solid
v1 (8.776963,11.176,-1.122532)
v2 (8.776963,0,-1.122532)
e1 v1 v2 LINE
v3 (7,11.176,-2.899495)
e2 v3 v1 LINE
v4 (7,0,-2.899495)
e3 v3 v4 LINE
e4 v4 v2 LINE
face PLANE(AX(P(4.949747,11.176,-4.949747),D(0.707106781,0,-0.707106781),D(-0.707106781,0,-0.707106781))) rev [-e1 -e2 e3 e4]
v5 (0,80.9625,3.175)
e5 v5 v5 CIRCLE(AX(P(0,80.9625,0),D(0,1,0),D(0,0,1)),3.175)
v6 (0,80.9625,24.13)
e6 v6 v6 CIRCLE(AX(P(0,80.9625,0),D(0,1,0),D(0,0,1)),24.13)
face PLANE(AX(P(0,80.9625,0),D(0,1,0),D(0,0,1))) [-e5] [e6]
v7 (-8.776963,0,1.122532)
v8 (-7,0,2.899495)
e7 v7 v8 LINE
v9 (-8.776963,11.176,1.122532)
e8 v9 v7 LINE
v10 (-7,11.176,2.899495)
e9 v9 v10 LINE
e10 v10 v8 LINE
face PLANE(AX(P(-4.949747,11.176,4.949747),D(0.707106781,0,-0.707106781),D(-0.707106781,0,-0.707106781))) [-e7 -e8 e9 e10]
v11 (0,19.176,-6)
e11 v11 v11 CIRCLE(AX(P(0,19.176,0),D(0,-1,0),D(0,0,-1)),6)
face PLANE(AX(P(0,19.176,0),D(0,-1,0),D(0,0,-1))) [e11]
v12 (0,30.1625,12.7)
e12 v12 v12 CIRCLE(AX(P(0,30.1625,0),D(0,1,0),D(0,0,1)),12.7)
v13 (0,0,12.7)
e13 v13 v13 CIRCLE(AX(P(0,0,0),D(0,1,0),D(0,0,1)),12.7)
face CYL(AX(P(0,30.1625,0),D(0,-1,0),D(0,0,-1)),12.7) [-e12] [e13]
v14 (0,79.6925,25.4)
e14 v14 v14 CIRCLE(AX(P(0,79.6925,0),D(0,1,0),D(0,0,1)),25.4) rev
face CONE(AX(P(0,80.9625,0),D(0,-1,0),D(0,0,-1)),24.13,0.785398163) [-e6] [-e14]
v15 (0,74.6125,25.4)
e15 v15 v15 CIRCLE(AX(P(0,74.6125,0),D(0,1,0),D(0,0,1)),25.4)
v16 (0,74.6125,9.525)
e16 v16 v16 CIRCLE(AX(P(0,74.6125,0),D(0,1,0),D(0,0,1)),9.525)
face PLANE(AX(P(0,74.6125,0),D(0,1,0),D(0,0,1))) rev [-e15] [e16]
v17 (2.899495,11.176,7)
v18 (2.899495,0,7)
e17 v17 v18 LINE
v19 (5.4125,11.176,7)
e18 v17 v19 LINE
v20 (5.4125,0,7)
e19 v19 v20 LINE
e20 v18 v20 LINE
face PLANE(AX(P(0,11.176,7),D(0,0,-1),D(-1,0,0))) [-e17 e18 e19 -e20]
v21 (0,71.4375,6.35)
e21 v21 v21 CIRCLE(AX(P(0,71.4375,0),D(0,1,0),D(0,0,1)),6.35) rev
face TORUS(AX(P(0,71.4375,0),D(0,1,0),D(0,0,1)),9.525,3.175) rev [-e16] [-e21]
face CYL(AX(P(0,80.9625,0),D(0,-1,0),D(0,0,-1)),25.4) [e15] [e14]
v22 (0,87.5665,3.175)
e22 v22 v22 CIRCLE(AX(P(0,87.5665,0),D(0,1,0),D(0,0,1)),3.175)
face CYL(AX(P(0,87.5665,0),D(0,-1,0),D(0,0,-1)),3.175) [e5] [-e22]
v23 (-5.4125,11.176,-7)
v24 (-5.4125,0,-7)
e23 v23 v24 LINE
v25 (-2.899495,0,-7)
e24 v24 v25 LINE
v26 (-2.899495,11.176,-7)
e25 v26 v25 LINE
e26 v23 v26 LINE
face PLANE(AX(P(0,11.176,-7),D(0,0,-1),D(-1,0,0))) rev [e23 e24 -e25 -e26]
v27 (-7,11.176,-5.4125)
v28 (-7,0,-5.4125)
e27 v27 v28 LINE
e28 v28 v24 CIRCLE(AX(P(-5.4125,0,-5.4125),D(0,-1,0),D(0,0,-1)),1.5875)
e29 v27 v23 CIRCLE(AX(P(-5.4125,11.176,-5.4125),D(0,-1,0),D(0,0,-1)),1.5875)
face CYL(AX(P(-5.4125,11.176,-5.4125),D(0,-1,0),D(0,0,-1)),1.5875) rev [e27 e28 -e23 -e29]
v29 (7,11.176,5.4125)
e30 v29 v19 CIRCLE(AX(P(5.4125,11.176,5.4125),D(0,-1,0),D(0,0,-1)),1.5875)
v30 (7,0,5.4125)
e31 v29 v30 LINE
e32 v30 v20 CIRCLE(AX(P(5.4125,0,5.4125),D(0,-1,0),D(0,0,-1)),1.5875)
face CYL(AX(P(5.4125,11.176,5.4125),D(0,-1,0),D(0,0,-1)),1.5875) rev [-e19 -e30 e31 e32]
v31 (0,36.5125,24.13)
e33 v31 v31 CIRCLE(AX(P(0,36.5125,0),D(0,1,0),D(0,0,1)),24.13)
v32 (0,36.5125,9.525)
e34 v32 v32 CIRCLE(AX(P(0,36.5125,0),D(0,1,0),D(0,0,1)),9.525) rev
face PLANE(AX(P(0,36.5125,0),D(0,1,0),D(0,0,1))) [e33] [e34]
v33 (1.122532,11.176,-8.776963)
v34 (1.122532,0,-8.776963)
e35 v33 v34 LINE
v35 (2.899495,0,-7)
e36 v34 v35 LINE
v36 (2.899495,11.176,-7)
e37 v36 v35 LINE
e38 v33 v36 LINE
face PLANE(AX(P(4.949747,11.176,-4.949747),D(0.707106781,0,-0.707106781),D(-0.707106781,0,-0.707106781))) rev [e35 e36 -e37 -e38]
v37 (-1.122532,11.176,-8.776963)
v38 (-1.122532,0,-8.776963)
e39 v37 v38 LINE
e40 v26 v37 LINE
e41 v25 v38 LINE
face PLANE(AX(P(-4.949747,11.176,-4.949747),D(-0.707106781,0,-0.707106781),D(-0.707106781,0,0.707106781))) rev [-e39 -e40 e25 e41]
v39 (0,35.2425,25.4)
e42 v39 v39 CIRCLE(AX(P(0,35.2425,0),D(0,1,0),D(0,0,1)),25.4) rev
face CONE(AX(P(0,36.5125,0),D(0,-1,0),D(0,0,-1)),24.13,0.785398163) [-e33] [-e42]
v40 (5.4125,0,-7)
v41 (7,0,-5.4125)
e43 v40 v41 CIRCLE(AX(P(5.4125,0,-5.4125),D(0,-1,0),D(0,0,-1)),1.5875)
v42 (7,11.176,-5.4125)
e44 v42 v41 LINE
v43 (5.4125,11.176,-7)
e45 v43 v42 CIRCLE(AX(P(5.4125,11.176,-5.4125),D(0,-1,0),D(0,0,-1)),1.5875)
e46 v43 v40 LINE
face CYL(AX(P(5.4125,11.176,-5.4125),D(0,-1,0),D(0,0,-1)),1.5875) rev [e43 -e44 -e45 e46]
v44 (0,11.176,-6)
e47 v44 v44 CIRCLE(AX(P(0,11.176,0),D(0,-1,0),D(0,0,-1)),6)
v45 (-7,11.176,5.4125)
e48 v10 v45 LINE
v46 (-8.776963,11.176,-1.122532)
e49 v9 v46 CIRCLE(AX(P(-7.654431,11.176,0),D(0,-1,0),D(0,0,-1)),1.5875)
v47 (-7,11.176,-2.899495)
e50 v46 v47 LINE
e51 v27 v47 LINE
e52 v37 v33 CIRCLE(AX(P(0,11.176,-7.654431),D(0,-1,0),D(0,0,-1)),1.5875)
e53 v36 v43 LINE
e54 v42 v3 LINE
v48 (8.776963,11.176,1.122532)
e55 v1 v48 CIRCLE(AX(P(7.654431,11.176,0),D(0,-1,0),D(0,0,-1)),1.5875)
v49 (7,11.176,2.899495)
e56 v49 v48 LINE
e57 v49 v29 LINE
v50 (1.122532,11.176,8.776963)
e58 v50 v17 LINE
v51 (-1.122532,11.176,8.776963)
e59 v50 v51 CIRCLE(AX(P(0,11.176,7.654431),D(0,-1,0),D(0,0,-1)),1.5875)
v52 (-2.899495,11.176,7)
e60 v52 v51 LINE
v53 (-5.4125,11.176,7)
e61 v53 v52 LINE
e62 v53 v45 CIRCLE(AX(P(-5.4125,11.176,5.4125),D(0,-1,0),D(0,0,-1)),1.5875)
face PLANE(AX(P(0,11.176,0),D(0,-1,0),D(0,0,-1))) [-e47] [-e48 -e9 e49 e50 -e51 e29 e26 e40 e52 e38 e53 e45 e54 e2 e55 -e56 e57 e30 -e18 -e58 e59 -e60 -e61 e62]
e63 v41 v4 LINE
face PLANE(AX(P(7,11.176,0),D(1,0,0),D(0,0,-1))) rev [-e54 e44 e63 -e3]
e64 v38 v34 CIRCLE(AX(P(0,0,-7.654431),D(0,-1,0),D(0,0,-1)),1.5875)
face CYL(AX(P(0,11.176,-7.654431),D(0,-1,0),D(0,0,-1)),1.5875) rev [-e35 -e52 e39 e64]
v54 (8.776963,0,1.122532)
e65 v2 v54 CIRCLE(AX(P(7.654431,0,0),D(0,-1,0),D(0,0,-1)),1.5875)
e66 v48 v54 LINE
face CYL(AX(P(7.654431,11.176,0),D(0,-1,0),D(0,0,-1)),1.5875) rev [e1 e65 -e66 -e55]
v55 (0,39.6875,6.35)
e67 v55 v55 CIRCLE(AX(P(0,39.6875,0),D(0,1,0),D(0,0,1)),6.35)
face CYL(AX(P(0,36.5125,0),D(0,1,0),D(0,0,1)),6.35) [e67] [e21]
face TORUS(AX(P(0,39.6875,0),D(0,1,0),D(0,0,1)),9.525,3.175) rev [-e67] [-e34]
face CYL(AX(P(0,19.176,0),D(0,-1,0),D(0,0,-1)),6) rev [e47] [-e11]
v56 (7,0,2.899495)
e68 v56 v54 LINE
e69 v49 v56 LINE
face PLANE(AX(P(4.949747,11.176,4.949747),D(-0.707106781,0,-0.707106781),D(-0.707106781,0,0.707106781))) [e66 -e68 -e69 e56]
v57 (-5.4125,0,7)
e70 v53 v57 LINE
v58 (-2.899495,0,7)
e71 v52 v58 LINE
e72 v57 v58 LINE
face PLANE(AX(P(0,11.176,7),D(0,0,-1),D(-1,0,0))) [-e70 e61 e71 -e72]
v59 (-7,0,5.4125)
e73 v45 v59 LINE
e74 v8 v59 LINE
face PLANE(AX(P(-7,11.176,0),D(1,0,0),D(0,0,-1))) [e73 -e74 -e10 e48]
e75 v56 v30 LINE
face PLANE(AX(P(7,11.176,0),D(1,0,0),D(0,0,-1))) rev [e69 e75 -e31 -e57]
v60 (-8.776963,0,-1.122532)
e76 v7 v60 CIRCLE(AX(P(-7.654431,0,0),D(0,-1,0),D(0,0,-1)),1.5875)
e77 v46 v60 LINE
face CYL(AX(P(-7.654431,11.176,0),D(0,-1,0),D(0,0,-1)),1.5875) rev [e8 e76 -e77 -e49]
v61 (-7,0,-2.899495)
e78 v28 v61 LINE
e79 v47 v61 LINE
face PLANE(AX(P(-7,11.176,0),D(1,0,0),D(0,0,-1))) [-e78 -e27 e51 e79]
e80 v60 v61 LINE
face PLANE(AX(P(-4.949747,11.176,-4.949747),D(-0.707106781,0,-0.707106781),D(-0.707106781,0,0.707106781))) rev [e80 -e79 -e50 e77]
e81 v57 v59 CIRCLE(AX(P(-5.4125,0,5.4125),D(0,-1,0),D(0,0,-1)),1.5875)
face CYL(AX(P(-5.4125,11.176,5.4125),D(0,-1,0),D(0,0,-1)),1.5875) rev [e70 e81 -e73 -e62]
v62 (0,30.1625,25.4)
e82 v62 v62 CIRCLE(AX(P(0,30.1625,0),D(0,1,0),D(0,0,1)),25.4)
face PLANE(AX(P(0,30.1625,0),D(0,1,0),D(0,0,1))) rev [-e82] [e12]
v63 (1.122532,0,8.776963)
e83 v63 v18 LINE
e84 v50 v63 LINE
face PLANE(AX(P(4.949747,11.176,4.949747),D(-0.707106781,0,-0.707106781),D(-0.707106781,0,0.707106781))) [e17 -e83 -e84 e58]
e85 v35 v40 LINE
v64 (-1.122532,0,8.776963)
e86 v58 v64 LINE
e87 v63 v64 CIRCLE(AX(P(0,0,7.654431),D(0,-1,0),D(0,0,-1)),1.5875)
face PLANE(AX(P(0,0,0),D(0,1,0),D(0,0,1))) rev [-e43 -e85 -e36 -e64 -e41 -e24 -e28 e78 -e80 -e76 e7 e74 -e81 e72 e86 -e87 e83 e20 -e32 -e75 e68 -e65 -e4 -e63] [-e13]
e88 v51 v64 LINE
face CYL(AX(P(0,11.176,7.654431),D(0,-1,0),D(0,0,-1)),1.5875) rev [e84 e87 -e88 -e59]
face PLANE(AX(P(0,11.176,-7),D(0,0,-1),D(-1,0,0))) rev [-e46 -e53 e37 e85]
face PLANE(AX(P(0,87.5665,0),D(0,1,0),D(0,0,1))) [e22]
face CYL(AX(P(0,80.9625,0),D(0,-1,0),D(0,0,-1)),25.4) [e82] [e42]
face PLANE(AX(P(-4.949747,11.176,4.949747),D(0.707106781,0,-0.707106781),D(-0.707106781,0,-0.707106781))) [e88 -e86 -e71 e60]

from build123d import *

# Parameters (mm, degrees)
SKETCH1_R           = 12.7
BOSS_EXTRUDE1_DEPTH = 30.1625
SKETCH4_R           = 25.4
BOSS_EXTRUDE2_DEPTH = 50.8
CUT_EXTRUDE1_DEPTH  = 11.176
SKETCH3_R           = 6
CUT_EXTRUDE2_DEPTH  = 8
SKETCH5_R           = 3.175
BOSS_EXTRUDE3_DEPTH = 6.604
CUT_EXTRUDE3_START  = -6.35
SKETCH9_R           = 25.4
SKETCH9_R_2         = 6.35
CUT_EXTRUDE3_DEPTH  = 38.1
FILLET1_R           = 3.175
CHAMFER1_SIZE       = 1.27


with BuildPart() as part:
    # Sketch1 → Boss-Extrude1 (new body)
    with BuildSketch(Plane(origin=(0, 0, 0), x_dir=(1, 0, 0), z_dir=(0, 1, 0))):
        Circle(SKETCH1_R)
    extrude(amount=BOSS_EXTRUDE1_DEPTH)

    # Sketch4 → Boss-Extrude2 (add)
    with BuildSketch(Plane(origin=(0, 30.1625, 0), x_dir=(1, 0, 0), z_dir=(0, 1, 0))):
        Circle(SKETCH4_R)
    extrude(amount=BOSS_EXTRUDE2_DEPTH)

    # Sketch2 → Cut-Extrude1 (cut)
    with BuildSketch(Plane.XZ):
        with BuildLine():
            Line((-7, 2.899494937), (-8.776962921, 1.122532015))
            ThreePointArc((-8.776962921, 1.122532015), (-9.241930906, 0), (-8.776962921, -1.122532015))
            Line((-8.776962921, -1.122532015), (-7, -2.899494937))
            Line((-7, -2.899494937), (-7, 2.899494937))
        make_face()
        Polygon((-2.899494937, 7), (-7, 2.899494937), (-7, -2.899494937), (-2.899494937, -7), (2.899494937, -7), (7, -2.899494937), (7, 2.899494937), (2.899494937, 7), align=None)
        with BuildLine():
            Line((-7, 5.4125), (-7, 2.899494937))
            Line((-7, 2.899494937), (-2.899494937, 7))
            Line((-2.899494937, 7), (-5.4125, 7))
            ThreePointArc((-5.4125, 7), (-6.535032015, 6.535032015), (-7, 5.4125))
        make_face()
        with BuildLine():
            Line((-1.122532015, 8.776962921), (-2.899494937, 7))
            Line((-2.899494937, 7), (2.899494937, 7))
            Line((2.899494937, 7), (1.122532015, 8.776962921))
            ThreePointArc((1.122532015, 8.776962921), (0, 9.241930906), (-1.122532015, 8.776962921))
        make_face()
        with BuildLine():
            Line((5.4125, 7), (2.899494937, 7))
            Line((2.899494937, 7), (7, 2.899494937))
            Line((7, 2.899494937), (7, 5.4125))
            ThreePointArc((7, 5.4125), (6.535032015, 6.535032015), (5.4125, 7))
        make_face()
        with BuildLine():
            Line((8.776962921, 1.122532015), (7, 2.899494937))
            Line((7, 2.899494937), (7, -2.899494937))
            Line((7, -2.899494937), (8.776962921, -1.122532015))
            ThreePointArc((8.776962921, -1.122532015), (9.241930906, 0), (8.776962921, 1.122532015))
        make_face()
        with BuildLine():
            Line((7, -2.899494937), (2.899494937, -7))
            Line((2.899494937, -7), (5.4125, -7))
            ThreePointArc((5.4125, -7), (6.535032015, -6.535032015), (7, -5.4125))
            Line((7, -5.4125), (7, -2.899494937))
        make_face()
        with BuildLine():
            Line((2.899494937, -7), (-2.899494937, -7))
            Line((-2.899494937, -7), (-1.122532015, -8.776962921))
            ThreePointArc((-1.122532015, -8.776962921), (0, -9.241930906), (1.122532015, -8.776962921))
            Line((1.122532015, -8.776962921), (2.899494937, -7))
        make_face()
        with BuildLine():
            Line((-2.899494937, -7), (-7, -2.899494937))
            Line((-7, -2.899494937), (-7, -5.4125))
            ThreePointArc((-7, -5.4125), (-6.535032015, -6.535032015), (-5.4125, -7))
            Line((-5.4125, -7), (-2.899494937, -7))
        make_face()
    extrude(amount=-CUT_EXTRUDE1_DEPTH, mode=Mode.SUBTRACT)

    # Sketch3 → Cut-Extrude2 (cut)
    with BuildSketch(Plane.XZ.offset(-11.176)):
        Circle(SKETCH3_R)
    extrude(amount=-CUT_EXTRUDE2_DEPTH, mode=Mode.SUBTRACT)

    # Sketch5 → Boss-Extrude3 (add)
    with BuildSketch(Plane(origin=(0, 80.9625, 0), x_dir=(1, 0, 0), z_dir=(0, 1, 0))):
        Circle(SKETCH5_R)
    extrude(amount=BOSS_EXTRUDE3_DEPTH)

    # Sketch9 → Cut-Extrude3 (cut)
    with BuildSketch(Plane(origin=(0, 80.9625, 0), x_dir=(1, 0, 0), z_dir=(0, 1, 0)).offset(CUT_EXTRUDE3_START)):
        Circle(SKETCH9_R)
        Circle(SKETCH9_R_2, mode=Mode.SUBTRACT)
    extrude(amount=-CUT_EXTRUDE3_DEPTH, mode=Mode.SUBTRACT)

    # Fillet1
    fillet1_edges = [part.edges().sort_by_distance(p)[0] for p in [
        (-6.35, 36.5125, 0),
        (-6.35, 74.6125, 0),
    ]]
    fillet(fillet1_edges, radius=FILLET1_R)

    # Chamfer1
    chamfer1_edges = [part.edges().sort_by_distance(p)[0] for p in [
        (-25.4, 80.9625, 0),
        (-25.4, 36.5125, 0),
    ]]
    chamfer(chamfer1_edges, length=CHAMFER1_SIZE)


solid = part.part
